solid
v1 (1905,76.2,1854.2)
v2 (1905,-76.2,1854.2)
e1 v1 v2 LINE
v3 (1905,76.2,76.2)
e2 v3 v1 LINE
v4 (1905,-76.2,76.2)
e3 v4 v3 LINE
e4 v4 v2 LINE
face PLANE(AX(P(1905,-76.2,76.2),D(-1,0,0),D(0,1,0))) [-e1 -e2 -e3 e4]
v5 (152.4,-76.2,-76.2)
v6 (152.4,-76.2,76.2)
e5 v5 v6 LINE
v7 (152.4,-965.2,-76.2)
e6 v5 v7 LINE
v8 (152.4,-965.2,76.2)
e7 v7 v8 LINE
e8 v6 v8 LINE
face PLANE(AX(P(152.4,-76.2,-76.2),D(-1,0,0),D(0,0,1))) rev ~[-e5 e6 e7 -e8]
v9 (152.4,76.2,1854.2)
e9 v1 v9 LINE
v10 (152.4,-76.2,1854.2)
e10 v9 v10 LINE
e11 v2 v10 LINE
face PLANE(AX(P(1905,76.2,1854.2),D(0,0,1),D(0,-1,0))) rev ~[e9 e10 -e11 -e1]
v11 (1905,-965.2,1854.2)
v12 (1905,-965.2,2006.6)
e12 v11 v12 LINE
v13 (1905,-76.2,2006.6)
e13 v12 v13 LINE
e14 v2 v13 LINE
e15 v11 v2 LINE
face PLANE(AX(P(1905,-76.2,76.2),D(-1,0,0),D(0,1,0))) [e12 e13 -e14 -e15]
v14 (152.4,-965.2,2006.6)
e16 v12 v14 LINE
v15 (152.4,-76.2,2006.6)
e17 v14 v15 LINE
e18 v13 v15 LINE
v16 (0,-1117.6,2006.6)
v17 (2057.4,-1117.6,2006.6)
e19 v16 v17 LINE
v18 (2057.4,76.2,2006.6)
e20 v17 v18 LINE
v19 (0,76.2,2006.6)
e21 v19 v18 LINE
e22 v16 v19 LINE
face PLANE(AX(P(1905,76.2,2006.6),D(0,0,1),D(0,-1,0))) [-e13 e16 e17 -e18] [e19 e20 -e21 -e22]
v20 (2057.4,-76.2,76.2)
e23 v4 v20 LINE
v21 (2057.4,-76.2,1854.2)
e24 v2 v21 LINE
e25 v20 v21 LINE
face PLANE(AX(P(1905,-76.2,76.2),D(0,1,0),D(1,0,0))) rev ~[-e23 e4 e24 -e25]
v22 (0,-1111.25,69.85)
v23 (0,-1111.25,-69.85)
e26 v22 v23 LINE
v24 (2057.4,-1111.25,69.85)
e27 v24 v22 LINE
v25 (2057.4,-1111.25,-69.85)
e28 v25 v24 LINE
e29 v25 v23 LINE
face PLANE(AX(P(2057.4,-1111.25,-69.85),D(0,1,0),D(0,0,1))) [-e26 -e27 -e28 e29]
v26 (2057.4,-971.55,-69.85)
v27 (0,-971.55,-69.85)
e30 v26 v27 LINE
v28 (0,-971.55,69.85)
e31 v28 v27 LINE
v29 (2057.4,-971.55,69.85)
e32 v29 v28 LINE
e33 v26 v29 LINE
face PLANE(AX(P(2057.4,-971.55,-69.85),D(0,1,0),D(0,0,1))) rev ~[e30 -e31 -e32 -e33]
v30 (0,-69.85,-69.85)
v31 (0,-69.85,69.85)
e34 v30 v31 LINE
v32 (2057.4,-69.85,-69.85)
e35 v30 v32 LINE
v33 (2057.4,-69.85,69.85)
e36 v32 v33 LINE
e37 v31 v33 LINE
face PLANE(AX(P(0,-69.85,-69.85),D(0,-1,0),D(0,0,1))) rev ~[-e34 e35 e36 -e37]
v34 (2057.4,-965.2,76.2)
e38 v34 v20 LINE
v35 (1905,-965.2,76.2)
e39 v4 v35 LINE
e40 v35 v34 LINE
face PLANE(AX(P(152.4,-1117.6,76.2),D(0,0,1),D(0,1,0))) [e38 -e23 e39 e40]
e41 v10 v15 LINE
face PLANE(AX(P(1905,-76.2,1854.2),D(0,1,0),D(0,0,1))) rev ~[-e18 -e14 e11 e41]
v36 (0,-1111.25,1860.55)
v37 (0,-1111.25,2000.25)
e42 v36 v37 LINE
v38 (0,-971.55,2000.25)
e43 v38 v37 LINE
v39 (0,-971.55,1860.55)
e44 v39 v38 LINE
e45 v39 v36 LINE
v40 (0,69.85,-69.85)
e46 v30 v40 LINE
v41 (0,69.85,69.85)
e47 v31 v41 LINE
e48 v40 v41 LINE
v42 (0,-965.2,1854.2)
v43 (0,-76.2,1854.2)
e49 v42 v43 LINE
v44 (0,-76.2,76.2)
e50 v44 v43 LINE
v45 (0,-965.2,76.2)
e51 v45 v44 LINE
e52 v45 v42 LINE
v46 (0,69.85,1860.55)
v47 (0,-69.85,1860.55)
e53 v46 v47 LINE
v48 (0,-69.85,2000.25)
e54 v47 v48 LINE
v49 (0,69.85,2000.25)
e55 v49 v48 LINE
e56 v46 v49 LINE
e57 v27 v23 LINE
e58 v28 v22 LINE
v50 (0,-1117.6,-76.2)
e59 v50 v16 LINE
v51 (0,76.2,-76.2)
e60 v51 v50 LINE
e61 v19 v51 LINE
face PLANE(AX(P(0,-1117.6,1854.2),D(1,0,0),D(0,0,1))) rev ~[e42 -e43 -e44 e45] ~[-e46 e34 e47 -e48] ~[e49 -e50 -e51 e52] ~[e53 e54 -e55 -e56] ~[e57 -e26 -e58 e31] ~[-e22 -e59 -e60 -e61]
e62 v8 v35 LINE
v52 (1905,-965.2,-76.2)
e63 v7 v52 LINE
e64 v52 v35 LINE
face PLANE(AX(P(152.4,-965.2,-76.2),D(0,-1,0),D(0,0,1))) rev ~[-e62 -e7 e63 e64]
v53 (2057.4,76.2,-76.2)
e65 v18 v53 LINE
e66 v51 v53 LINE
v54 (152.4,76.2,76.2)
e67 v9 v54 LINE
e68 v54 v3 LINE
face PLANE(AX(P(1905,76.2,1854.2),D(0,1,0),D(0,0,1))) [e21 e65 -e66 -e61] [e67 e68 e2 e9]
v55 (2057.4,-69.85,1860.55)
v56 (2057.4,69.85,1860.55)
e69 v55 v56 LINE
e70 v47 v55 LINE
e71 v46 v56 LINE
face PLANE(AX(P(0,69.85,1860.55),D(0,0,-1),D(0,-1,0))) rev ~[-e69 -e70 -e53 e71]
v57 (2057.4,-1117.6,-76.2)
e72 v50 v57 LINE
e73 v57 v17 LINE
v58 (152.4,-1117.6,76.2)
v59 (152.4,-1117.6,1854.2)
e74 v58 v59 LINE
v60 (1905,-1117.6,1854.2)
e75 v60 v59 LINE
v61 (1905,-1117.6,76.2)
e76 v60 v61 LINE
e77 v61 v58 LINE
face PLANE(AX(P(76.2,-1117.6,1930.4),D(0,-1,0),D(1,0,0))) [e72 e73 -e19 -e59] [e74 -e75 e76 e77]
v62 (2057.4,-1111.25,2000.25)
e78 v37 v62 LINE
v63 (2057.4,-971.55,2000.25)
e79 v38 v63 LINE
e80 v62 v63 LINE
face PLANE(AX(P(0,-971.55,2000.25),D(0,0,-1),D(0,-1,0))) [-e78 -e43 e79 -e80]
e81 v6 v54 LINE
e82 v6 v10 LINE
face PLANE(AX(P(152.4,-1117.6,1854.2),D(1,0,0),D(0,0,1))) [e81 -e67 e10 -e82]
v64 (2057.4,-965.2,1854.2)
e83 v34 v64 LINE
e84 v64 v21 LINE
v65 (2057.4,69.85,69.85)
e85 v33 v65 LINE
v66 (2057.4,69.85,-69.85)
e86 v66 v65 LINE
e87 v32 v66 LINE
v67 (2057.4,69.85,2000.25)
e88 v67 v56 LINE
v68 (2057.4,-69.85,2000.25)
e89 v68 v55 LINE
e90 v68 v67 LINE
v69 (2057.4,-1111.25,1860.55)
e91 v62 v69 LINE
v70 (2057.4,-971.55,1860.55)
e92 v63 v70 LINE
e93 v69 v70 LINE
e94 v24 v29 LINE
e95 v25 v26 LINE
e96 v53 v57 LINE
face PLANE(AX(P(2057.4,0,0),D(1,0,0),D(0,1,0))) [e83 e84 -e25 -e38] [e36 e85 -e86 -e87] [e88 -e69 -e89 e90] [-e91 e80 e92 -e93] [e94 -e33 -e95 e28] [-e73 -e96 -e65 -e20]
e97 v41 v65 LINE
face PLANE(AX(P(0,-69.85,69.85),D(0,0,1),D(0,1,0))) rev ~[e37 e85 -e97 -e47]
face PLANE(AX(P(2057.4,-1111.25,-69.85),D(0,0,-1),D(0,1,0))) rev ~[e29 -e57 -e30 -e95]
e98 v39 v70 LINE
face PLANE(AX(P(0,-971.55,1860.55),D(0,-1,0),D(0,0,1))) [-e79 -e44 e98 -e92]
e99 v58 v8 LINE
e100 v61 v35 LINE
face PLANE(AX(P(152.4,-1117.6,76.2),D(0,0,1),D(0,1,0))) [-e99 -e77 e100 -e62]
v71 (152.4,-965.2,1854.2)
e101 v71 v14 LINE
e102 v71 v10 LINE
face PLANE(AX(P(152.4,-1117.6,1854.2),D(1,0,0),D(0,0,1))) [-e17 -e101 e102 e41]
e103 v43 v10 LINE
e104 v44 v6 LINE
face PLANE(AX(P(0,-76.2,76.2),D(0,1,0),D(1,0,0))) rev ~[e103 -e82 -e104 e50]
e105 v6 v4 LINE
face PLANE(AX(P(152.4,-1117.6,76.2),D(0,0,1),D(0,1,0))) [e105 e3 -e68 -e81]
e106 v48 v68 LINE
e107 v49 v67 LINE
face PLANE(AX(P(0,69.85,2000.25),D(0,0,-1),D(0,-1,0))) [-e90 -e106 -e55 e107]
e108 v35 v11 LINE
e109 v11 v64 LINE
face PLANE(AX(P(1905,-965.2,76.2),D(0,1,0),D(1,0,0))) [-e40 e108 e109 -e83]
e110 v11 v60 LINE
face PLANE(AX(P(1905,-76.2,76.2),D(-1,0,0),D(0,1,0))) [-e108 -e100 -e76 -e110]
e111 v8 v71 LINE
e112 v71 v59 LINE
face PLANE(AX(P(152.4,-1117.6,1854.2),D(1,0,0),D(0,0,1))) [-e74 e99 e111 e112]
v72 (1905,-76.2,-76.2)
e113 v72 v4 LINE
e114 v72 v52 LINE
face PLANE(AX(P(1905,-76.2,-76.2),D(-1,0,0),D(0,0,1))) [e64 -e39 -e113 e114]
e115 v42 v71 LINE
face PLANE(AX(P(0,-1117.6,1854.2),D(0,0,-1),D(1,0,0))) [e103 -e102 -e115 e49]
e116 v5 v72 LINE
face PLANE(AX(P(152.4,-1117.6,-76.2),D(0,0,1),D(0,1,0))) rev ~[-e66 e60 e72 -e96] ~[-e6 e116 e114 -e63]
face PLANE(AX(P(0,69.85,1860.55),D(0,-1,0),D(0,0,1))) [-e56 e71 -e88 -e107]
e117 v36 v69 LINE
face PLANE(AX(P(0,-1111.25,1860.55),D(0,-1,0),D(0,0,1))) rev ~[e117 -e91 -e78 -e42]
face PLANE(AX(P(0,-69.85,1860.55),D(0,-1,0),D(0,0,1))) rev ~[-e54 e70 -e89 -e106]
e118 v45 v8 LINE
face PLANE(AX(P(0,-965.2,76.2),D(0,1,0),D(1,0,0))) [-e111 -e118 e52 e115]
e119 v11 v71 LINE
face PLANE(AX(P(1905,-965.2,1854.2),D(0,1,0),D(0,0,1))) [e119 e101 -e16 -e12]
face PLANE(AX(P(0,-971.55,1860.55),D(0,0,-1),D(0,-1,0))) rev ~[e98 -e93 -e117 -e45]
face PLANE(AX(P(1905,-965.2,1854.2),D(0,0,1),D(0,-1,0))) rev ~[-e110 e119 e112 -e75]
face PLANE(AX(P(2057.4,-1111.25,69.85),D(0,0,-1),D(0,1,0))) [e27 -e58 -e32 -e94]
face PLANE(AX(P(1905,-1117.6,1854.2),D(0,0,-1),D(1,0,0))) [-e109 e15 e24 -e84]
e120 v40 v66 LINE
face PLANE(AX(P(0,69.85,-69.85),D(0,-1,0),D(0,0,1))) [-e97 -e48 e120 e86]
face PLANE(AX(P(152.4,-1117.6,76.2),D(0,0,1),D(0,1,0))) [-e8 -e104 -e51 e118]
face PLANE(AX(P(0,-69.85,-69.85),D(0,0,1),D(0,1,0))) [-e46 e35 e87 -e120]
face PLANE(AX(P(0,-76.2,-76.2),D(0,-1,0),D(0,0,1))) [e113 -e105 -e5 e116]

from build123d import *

# Parameters (mm, degrees)
F0_W      = 152.4
F0_H      = 152.4
F0_W_2    = 139.7
F0_H_2    = 139.7
F1_DEPTH  = 2057.4
F2_W      = 152.4
F2_H      = 152.4
F3_DEPTH  = 1041.4
F4_W      = 152.4
F4_H      = 152.4
F5_DEPTH  = 1752.6
F6_W      = 139.7
F6_H      = 139.7
F7_DEPTH  = 2286
F8_W      = 152.4
F8_H      = 152.4
F9_DEPTH  = 1778
F10_W     = 152.4
F10_H     = 152.4
F11_DEPTH = 1193.8
F12_W     = 152.4
F12_H     = 152.4
F13_DEPTH = 1752.6
F14_W     = 139.7
F14_H     = 139.7
F15_DEPTH = 2286


with BuildPart() as f1:
    # F0 (on Right) → F1 (new body)
    with BuildSketch(Plane.YZ):
        Rectangle(F0_W, F0_H)
        Rectangle(F0_W_2, F0_H_2, mode=Mode.SUBTRACT)
    extrude(amount=F1_DEPTH)

    # F2 (on face) → F3 (join)
    with BuildSketch(Plane.XZ.offset(76.2)):
        with Locations((76.2, 0)):
            Rectangle(F2_W, F2_H)
        with Locations((1981.2, 0)):
            Rectangle(F2_W, F2_H)
    extrude(amount=F3_DEPTH)

    # F4 (on face) → F5 (join)
    with BuildSketch(Plane.YZ.offset(152.4)):
        with Locations((-1041.4, 0)):
            Rectangle(F4_W, F4_H)
    extrude(amount=F5_DEPTH)

    # F6 (on face) → F7 (cut)
    with BuildSketch(Plane.YZ.offset(2057.4)):
        with Locations((-1041.4, 0)):
            Rectangle(F6_W, F6_H)
    extrude(amount=-F7_DEPTH, mode=Mode.SUBTRACT)

    # F8 (on face) → F9 (join)
    with BuildSketch(Plane.XY.offset(76.2)):
        with Locations((76.2, 0)):
            Rectangle(F8_W, F8_H)
        with Locations((76.2, -1041.4)):
            Rectangle(F8_W, F8_H)
        with Locations((1981.2, -1041.4)):
            Rectangle(F8_W, F8_H)
        with Locations((1981.2, 0)):
            Rectangle(F8_W, F8_H)
    extrude(amount=F9_DEPTH)

    # F10 (on face) → F11 (join)
    with BuildSketch(Plane.XZ.offset(1117.6)):
        with Locations((76.2, 1930.4)):
            Rectangle(F10_W, F10_H)
        with Locations((1981.2, 1930.4)):
            Rectangle(F10_W, F10_H)
    extrude(amount=-F11_DEPTH)

    # F12 (on face) → F13 (join)
    with BuildSketch(Plane(origin=(1905, 0, 0), x_dir=(0, -1, 0), z_dir=(-1, 0, 0))):
        with Locations((0, 1930.4)):
            Rectangle(F12_W, F12_H)
        with Locations((1041.4, 1930.4)):
            Rectangle(F12_W, F12_H)
    extrude(amount=F13_DEPTH)

    # F14 (on face) → F15 (cut)
    with BuildSketch(Plane(origin=(0, 0, 0), x_dir=(0, -1, 0), z_dir=(-1, 0, 0))):
        with Locations((0, 1930.4)):
            Rectangle(F14_W, F14_H)
        with Locations((1041.4, 1930.4)):
            Rectangle(F14_W, F14_H)
    extrude(amount=-F15_DEPTH, mode=Mode.SUBTRACT)


solid = f1.part
